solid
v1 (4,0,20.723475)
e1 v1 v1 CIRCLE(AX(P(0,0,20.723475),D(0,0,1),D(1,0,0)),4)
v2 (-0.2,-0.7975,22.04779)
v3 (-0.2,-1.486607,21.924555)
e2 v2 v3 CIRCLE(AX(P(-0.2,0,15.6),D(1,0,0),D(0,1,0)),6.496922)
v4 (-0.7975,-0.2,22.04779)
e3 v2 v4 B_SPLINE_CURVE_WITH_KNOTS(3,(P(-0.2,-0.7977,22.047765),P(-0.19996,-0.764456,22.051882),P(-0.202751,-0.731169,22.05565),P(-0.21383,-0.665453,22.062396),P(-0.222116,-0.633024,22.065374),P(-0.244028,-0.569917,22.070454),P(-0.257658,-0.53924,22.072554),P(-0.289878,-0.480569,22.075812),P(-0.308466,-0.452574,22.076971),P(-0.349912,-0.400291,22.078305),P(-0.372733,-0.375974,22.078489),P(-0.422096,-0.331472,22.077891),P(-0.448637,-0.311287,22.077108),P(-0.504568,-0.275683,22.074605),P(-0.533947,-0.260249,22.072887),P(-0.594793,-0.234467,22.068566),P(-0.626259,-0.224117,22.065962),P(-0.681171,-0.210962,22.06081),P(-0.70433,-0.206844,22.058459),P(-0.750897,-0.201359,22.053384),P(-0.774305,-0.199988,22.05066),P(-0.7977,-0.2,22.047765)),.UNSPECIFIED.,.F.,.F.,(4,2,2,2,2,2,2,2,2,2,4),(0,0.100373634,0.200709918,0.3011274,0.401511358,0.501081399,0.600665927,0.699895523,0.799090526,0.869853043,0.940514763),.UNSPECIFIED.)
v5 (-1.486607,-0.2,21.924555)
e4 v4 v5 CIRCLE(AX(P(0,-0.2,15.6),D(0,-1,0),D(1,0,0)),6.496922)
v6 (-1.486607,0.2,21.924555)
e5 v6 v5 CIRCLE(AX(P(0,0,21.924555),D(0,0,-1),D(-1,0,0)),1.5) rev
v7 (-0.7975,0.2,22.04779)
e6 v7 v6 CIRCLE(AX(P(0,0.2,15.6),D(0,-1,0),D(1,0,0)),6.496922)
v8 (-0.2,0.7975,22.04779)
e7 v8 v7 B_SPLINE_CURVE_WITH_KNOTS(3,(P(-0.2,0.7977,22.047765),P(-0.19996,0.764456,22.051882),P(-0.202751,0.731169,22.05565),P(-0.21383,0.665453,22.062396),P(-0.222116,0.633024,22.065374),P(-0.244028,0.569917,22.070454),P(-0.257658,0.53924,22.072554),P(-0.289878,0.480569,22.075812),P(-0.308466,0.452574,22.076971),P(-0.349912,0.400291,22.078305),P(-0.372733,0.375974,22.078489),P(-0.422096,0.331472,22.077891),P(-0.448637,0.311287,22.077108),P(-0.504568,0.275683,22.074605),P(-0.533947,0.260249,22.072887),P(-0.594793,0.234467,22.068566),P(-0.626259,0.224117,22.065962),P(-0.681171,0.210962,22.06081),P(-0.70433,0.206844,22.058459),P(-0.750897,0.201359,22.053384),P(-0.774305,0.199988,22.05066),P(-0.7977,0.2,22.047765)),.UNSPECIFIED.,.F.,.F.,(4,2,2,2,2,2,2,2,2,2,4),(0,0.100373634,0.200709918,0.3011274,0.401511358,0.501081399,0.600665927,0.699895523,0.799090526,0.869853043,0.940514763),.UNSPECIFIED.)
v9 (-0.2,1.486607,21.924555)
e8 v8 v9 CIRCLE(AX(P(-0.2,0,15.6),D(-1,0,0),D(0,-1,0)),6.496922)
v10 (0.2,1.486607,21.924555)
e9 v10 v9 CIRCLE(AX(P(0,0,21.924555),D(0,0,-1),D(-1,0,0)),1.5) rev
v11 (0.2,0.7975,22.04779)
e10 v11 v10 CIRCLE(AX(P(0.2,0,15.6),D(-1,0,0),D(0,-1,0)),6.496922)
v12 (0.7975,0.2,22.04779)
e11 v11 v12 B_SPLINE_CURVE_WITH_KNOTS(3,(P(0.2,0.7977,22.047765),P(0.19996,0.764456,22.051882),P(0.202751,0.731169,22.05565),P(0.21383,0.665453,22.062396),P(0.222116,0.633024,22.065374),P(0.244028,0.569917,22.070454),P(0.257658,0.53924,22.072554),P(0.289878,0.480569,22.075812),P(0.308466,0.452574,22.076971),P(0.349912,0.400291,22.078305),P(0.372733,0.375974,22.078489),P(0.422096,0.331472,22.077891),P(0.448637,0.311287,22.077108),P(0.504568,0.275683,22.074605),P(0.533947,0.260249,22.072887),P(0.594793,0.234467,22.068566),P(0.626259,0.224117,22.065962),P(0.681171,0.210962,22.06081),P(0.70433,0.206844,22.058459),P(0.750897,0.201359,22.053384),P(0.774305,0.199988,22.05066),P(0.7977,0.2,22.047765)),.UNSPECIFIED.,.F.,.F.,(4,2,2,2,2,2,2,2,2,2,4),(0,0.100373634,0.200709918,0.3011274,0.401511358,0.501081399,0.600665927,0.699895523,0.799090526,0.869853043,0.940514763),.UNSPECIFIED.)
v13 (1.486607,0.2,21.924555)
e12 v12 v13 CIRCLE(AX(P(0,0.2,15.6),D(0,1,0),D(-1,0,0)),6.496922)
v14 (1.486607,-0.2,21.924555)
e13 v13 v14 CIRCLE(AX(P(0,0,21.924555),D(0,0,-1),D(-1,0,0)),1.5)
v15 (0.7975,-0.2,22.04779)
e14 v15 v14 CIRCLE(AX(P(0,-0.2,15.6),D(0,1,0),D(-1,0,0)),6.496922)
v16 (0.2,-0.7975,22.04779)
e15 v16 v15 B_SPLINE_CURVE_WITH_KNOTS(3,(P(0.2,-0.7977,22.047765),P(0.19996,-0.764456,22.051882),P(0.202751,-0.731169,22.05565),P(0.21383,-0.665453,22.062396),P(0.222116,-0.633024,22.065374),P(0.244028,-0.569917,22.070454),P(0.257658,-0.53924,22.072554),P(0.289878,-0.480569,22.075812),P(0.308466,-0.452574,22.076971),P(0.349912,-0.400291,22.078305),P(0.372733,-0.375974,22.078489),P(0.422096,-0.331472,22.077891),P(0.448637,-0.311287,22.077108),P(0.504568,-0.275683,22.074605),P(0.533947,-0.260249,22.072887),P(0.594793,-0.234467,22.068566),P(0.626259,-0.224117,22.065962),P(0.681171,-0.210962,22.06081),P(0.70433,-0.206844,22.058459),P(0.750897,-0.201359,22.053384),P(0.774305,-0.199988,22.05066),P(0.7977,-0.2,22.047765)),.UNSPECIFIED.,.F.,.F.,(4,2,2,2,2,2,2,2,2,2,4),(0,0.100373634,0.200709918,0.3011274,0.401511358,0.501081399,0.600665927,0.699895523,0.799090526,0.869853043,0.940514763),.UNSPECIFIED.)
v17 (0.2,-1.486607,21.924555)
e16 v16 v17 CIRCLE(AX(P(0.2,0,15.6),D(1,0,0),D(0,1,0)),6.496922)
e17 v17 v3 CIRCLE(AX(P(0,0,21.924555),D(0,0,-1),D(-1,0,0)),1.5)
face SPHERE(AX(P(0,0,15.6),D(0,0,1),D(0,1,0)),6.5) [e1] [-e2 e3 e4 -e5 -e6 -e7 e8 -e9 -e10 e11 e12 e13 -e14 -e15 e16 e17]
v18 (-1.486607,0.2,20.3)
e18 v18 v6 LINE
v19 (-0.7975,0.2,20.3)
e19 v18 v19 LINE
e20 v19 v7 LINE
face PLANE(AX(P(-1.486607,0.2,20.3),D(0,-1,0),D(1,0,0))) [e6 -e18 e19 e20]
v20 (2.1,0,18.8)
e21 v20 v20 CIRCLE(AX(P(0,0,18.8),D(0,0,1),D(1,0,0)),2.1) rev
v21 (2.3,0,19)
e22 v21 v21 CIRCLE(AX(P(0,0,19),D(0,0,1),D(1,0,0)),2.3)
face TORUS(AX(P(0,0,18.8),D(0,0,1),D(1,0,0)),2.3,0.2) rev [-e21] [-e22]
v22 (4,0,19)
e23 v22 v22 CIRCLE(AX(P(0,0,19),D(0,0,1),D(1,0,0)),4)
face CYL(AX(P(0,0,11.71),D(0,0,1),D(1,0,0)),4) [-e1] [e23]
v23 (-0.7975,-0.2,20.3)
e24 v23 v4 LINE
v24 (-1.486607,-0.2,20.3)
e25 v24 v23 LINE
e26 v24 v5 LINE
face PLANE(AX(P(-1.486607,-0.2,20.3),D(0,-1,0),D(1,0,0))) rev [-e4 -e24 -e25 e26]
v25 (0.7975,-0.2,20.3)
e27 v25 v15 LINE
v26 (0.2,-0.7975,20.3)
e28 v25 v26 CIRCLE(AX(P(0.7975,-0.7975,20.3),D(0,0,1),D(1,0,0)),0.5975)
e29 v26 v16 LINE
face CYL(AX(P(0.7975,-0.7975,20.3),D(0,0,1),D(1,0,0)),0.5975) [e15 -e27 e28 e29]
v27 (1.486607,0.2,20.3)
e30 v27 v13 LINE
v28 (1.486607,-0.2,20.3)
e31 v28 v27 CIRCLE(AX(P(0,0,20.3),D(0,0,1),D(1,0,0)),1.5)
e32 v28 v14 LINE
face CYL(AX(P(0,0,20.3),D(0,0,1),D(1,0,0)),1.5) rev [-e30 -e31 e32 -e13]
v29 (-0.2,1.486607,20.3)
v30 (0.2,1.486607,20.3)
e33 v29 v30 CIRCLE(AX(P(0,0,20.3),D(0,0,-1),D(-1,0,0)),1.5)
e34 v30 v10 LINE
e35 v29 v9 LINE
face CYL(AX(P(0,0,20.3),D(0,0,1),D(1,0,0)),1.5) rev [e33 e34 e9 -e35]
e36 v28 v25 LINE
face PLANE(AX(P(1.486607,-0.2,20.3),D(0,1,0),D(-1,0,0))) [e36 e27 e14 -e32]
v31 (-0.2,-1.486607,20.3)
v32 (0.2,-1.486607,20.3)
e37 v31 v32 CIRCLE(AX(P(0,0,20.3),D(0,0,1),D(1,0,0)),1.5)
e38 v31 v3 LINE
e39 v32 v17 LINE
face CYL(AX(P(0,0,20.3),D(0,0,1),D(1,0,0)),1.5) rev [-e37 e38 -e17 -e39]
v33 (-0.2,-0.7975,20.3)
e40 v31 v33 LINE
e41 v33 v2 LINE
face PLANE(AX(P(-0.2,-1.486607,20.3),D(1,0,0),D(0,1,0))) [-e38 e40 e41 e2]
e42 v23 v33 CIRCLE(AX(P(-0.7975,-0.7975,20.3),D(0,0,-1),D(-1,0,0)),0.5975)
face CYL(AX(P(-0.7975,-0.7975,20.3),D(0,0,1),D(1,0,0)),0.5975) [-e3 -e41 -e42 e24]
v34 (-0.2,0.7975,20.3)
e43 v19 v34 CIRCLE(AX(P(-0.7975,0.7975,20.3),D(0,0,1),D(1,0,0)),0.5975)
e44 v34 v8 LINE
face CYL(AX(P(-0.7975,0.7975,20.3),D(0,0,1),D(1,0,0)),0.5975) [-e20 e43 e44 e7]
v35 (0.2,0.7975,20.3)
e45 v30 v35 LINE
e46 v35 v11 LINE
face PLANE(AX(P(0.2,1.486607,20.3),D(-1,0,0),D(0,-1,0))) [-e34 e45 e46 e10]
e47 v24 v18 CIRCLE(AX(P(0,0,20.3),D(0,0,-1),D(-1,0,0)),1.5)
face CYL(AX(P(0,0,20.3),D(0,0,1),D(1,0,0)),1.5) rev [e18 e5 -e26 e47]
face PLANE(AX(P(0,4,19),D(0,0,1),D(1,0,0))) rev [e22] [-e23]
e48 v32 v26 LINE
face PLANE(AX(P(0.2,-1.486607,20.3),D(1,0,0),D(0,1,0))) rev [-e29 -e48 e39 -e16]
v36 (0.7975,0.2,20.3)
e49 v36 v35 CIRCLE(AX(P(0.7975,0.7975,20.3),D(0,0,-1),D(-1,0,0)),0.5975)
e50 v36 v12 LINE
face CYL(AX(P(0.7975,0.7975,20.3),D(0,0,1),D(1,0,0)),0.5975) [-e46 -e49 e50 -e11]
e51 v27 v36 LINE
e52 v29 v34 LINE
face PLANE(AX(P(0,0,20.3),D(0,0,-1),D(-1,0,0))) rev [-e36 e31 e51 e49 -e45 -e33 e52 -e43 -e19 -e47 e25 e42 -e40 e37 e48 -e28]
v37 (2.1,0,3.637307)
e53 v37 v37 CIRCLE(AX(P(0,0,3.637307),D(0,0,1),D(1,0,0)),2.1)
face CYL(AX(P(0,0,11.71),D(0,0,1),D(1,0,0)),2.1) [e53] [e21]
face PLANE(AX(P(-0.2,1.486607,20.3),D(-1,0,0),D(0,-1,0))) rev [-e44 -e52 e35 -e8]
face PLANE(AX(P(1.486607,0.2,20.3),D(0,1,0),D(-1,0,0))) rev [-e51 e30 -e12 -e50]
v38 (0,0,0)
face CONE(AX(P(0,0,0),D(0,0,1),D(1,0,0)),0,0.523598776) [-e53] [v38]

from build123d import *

# Parameters (mm, degrees)
CUT_EXTRUDE_2_DEPTH = 1.8
FILLET_1_R          = 0.2


with BuildPart() as part:
    # 草图8 → Revolve 1380 (revolve)
    with BuildSketch(Plane(origin=(0, 0, 0), x_dir=(0, 0, -1), z_dir=(1, 0, 0)), mode=Mode.PRIVATE) as revolve_1380_sk:
        with BuildLine():
            Line((0, 0), (-22.1, 0))
            ThreePointArc((-22.1, 0), (-21.746242348, 2.115113473), (-20.723475383, 4))
            Line((-20.723475383, 4), (-19, 4))
            Line((-19, 4), (-19, 2.1))
            Line((-19, 2.1), (-3.637306696, 2.1))
            Line((-3.637306696, 2.1), (0, 0))
        make_face()
    revolve(revolve_1380_sk.sketch.rotate(Axis((0, 0, 11.71), (0, 0, -1)), 90), axis=Axis((0, 0, 11.71), (0, 0, -1)))

    # 草图7 → 切除-拉伸2 (cut)
    with BuildSketch(Plane.XY.offset(22.1)):
        with BuildLine():
            Line((0.2, 1.486606875), (0.2, 0.797500009))
            ThreePointArc((0.2, 0.797500009), (0.375003701, 0.375003701), (0.797500009, 0.2))
            Line((0.797500009, 0.2), (1.486606875, 0.2))
            ThreePointArc((1.486606875, 0.2), (1.5, 0), (1.486606875, -0.2))
            Line((1.486606875, -0.2), (0.797500009, -0.2))
            ThreePointArc((0.797500009, -0.2), (0.375003701, -0.375003701), (0.2, -0.797500009))
            Line((0.2, -0.797500009), (0.2, -1.486606875))
            ThreePointArc((0.2, -1.486606875), (0, -1.5), (-0.2, -1.486606875))
            Line((-0.2, -1.486606875), (-0.2, -0.797500009))
            ThreePointArc((-0.2, -0.797500009), (-0.375003701, -0.375003701), (-0.797500009, -0.2))
            Line((-0.797500009, -0.2), (-1.486606875, -0.2))
            ThreePointArc((-1.486606875, -0.2), (-1.5, 0), (-1.486606875, 0.2))
            Line((-1.486606875, 0.2), (-0.797500009, 0.2))
            ThreePointArc((-0.797500009, 0.2), (-0.375003701, 0.375003701), (-0.2, 0.797500009))
            Line((-0.2, 0.797500009), (-0.2, 1.486606875))
            ThreePointArc((-0.2, 1.486606875), (0, 1.5), (0.2, 1.486606875))
        make_face()
    extrude(amount=-CUT_EXTRUDE_2_DEPTH, mode=Mode.SUBTRACT)

    # 圆角1
    fillet_1_edges = [part.edges().sort_by_distance(p)[0] for p in [
        (-2.1, 0, 19),
    ]]
    fillet(fillet_1_edges, radius=FILLET_1_R)


solid = part.part
